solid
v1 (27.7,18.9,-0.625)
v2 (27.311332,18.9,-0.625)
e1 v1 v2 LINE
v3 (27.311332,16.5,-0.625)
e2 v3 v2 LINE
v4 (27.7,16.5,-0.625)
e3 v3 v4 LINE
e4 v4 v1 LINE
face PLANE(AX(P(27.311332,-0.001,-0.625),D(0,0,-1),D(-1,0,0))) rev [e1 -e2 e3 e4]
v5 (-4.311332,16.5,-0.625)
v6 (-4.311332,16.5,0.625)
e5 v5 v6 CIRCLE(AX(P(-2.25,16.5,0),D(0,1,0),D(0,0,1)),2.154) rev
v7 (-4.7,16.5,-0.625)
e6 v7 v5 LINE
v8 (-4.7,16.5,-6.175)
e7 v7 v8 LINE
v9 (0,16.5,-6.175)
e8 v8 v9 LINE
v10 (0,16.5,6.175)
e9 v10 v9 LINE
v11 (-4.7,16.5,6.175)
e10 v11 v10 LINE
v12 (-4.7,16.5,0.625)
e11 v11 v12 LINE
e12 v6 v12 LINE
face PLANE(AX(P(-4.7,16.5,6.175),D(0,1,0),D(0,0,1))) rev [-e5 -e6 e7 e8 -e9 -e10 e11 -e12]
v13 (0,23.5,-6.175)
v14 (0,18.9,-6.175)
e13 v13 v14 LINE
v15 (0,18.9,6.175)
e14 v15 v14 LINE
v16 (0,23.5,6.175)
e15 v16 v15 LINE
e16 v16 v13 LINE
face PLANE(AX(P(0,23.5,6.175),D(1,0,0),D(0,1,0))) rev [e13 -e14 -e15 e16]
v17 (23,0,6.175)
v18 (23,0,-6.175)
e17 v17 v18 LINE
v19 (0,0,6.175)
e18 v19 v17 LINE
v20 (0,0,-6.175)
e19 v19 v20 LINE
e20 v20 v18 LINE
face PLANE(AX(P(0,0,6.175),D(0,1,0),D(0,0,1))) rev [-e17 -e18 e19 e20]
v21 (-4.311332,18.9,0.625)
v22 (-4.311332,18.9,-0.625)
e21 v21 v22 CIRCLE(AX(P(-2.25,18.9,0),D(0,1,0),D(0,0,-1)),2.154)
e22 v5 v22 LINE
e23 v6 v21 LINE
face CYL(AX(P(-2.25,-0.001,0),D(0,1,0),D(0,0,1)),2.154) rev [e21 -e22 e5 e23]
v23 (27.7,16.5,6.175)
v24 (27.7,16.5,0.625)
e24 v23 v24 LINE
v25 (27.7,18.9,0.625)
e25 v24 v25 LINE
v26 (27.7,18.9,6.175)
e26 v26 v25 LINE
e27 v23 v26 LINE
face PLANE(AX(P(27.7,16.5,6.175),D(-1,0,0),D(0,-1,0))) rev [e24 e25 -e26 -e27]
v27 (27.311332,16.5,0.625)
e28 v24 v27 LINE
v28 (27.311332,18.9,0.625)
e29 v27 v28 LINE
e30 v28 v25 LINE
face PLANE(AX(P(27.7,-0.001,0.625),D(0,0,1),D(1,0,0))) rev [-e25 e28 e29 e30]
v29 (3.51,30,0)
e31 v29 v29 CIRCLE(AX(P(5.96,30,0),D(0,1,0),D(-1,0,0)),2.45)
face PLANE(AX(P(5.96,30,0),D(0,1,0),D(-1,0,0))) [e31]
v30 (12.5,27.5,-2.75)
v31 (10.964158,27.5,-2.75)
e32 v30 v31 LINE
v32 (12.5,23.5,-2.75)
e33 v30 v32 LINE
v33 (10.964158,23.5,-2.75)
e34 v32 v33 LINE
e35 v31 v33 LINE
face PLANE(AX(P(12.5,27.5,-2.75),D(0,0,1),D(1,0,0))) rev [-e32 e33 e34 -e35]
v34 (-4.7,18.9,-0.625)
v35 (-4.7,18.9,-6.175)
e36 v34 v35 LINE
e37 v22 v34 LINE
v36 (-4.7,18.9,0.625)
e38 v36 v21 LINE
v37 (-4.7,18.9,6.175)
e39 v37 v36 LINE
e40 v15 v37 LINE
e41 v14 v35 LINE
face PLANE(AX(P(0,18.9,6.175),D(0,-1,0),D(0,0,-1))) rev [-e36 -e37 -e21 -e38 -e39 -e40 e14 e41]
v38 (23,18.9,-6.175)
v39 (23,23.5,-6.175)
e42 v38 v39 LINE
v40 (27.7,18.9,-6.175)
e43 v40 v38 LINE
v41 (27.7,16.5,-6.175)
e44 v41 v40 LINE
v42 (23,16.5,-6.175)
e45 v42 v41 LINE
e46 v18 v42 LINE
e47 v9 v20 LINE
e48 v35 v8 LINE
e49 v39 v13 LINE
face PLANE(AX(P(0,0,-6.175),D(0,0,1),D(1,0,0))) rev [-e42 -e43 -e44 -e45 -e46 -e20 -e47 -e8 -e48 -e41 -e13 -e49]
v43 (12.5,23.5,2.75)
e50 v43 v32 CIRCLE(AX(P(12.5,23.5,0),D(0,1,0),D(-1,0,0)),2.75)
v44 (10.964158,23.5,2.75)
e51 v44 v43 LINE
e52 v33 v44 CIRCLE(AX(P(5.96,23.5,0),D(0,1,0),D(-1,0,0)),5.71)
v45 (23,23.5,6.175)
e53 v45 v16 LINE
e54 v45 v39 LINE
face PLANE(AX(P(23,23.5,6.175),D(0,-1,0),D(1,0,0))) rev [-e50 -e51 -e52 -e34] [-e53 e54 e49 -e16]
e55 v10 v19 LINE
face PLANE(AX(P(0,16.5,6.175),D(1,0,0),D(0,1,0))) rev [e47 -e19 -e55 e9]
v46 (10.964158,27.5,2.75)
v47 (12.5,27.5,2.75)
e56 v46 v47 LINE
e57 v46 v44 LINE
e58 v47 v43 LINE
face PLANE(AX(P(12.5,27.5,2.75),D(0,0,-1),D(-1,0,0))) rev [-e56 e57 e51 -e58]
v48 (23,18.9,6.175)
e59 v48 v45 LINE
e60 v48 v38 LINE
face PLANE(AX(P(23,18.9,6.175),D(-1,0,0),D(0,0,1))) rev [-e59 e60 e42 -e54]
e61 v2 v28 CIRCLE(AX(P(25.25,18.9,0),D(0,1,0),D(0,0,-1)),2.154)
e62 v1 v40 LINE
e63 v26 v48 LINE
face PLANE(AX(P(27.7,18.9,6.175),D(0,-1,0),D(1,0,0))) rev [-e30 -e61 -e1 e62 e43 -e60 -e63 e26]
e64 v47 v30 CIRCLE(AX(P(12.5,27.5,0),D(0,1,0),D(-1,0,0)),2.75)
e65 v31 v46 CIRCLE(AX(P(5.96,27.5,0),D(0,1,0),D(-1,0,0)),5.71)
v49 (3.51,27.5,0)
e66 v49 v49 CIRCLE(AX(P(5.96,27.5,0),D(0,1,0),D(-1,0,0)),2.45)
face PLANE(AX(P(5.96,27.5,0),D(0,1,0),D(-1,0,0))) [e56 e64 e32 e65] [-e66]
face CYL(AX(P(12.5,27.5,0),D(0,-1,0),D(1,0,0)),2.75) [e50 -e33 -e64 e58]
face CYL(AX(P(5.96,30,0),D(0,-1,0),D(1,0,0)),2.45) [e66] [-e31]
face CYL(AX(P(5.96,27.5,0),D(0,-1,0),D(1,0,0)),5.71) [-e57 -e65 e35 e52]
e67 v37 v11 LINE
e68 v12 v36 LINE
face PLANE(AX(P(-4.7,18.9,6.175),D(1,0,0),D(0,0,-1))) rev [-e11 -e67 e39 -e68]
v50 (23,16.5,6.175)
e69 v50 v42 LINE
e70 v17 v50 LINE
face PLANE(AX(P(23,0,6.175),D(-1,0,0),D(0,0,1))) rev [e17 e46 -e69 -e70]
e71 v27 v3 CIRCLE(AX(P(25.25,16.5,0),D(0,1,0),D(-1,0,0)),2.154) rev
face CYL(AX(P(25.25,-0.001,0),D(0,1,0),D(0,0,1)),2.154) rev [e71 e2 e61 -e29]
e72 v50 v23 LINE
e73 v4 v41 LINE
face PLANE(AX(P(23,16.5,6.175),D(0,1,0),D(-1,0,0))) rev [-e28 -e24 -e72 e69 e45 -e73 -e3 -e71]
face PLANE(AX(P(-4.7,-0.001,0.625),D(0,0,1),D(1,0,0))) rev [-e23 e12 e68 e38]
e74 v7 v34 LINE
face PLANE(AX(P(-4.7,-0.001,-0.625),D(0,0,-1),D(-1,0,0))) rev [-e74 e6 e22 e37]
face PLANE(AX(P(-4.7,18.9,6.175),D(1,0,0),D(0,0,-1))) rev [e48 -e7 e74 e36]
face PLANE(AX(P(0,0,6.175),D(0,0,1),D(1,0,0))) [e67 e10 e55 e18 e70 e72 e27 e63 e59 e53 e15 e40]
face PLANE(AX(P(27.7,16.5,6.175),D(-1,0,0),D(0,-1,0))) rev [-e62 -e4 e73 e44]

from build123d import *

# Parameters (mm, degrees)
BOSS_EXTRUDE1_DEPTH = 6.175
BOSS_EXTRUDE2_DEPTH = 4
SKETCH4_R           = 2.45
BOSS_EXTRUDE3_DEPTH = 2.5
CUT_EXTRUDE1_REACH  = 36.097


with BuildPart() as part:
    # Sketch1 → Boss-Extrude1 (new, symmetric)
    with BuildSketch(Plane.XY):
        Polygon((0, 0), (23, 0), (23, 16.5), (27.7, 16.5), (27.7, 18.9), (23, 18.9), (23, 23.5), (0, 23.5), (0, 18.9), (-4.7, 18.9), (-4.7, 16.5), (0, 16.5), align=None)
    extrude(amount=BOSS_EXTRUDE1_DEPTH, both=True)

    # Sketch3 → Boss-Extrude2 (add)
    with BuildSketch(Plane(origin=(0, 23.5, 0), x_dir=(1, 0, 0), z_dir=(0, 1, 0))):
        with BuildLine():
            Line((12.5, 2.75), (10.964158271, 2.75))
            ThreePointArc((10.964158271, 2.75), (0.25, 0), (10.964158271, -2.75))
            Line((10.964158271, -2.75), (12.5, -2.75))
            ThreePointArc((12.5, -2.75), (15.25, 0), (12.5, 2.75))
        make_face()
    extrude(amount=BOSS_EXTRUDE2_DEPTH)

    # Sketch4 → Boss-Extrude3 (add)
    with BuildSketch(Plane(origin=(0, 27.5, 0), x_dir=(1, 0, 0), z_dir=(0, 1, 0))):
        with Locations(Location((5.96, 0, 0), (0, 0, 180))):
            Circle(SKETCH4_R)
    extrude(amount=BOSS_EXTRUDE3_DEPTH)

    # Sketch5 → Cut-Extrude1 (cut, up to next)
    with BuildSketch(Plane(origin=(0, 18.9, 0), x_dir=(1, 0, 0), z_dir=(0, 1, 0)), mode=Mode.PRIVATE) as cut_extrude1_sk1:
        with BuildLine():
            Line((-4.7, 0.625), (-4.311332336, 0.625))
            ThreePointArc((-4.311332336, 0.625), (-0.096, 0), (-4.311332336, -0.625))
            Line((-4.311332336, -0.625), (-4.7, -0.625))
            Line((-4.7, -0.625), (-4.7, 0.625))
        make_face()
    cut_extrude1_tool1 = extrude(cut_extrude1_sk1.sketch, amount=-CUT_EXTRUDE1_REACH, mode=Mode.PRIVATE) & part.part
    # Sketch5 → Cut-Extrude1 (cut, up to next)
    with BuildSketch(Plane(origin=(0, 18.9, 0), x_dir=(1, 0, 0), z_dir=(0, 1, 0)), mode=Mode.PRIVATE) as cut_extrude1_sk2:
        with BuildLine():
            Line((27.311332336, 0.625), (27.7, 0.625))
            Line((27.7, 0.625), (27.7, -0.625))
            Line((27.7, -0.625), (27.311332336, -0.625))
            ThreePointArc((27.311332336, -0.625), (23.096, 0), (27.311332336, 0.625))
        make_face()
    cut_extrude1_tool2 = extrude(cut_extrude1_sk2.sketch, amount=-CUT_EXTRUDE1_REACH, mode=Mode.PRIVATE) & part.part
    add(cut_extrude1_tool1.solids().sort_by_distance((-2.312273, 18.9, 0))[0], mode=Mode.SUBTRACT)
    add(cut_extrude1_tool2.solids().sort_by_distance((25.312273, 18.9, 0))[0], mode=Mode.SUBTRACT)


solid = part.part
